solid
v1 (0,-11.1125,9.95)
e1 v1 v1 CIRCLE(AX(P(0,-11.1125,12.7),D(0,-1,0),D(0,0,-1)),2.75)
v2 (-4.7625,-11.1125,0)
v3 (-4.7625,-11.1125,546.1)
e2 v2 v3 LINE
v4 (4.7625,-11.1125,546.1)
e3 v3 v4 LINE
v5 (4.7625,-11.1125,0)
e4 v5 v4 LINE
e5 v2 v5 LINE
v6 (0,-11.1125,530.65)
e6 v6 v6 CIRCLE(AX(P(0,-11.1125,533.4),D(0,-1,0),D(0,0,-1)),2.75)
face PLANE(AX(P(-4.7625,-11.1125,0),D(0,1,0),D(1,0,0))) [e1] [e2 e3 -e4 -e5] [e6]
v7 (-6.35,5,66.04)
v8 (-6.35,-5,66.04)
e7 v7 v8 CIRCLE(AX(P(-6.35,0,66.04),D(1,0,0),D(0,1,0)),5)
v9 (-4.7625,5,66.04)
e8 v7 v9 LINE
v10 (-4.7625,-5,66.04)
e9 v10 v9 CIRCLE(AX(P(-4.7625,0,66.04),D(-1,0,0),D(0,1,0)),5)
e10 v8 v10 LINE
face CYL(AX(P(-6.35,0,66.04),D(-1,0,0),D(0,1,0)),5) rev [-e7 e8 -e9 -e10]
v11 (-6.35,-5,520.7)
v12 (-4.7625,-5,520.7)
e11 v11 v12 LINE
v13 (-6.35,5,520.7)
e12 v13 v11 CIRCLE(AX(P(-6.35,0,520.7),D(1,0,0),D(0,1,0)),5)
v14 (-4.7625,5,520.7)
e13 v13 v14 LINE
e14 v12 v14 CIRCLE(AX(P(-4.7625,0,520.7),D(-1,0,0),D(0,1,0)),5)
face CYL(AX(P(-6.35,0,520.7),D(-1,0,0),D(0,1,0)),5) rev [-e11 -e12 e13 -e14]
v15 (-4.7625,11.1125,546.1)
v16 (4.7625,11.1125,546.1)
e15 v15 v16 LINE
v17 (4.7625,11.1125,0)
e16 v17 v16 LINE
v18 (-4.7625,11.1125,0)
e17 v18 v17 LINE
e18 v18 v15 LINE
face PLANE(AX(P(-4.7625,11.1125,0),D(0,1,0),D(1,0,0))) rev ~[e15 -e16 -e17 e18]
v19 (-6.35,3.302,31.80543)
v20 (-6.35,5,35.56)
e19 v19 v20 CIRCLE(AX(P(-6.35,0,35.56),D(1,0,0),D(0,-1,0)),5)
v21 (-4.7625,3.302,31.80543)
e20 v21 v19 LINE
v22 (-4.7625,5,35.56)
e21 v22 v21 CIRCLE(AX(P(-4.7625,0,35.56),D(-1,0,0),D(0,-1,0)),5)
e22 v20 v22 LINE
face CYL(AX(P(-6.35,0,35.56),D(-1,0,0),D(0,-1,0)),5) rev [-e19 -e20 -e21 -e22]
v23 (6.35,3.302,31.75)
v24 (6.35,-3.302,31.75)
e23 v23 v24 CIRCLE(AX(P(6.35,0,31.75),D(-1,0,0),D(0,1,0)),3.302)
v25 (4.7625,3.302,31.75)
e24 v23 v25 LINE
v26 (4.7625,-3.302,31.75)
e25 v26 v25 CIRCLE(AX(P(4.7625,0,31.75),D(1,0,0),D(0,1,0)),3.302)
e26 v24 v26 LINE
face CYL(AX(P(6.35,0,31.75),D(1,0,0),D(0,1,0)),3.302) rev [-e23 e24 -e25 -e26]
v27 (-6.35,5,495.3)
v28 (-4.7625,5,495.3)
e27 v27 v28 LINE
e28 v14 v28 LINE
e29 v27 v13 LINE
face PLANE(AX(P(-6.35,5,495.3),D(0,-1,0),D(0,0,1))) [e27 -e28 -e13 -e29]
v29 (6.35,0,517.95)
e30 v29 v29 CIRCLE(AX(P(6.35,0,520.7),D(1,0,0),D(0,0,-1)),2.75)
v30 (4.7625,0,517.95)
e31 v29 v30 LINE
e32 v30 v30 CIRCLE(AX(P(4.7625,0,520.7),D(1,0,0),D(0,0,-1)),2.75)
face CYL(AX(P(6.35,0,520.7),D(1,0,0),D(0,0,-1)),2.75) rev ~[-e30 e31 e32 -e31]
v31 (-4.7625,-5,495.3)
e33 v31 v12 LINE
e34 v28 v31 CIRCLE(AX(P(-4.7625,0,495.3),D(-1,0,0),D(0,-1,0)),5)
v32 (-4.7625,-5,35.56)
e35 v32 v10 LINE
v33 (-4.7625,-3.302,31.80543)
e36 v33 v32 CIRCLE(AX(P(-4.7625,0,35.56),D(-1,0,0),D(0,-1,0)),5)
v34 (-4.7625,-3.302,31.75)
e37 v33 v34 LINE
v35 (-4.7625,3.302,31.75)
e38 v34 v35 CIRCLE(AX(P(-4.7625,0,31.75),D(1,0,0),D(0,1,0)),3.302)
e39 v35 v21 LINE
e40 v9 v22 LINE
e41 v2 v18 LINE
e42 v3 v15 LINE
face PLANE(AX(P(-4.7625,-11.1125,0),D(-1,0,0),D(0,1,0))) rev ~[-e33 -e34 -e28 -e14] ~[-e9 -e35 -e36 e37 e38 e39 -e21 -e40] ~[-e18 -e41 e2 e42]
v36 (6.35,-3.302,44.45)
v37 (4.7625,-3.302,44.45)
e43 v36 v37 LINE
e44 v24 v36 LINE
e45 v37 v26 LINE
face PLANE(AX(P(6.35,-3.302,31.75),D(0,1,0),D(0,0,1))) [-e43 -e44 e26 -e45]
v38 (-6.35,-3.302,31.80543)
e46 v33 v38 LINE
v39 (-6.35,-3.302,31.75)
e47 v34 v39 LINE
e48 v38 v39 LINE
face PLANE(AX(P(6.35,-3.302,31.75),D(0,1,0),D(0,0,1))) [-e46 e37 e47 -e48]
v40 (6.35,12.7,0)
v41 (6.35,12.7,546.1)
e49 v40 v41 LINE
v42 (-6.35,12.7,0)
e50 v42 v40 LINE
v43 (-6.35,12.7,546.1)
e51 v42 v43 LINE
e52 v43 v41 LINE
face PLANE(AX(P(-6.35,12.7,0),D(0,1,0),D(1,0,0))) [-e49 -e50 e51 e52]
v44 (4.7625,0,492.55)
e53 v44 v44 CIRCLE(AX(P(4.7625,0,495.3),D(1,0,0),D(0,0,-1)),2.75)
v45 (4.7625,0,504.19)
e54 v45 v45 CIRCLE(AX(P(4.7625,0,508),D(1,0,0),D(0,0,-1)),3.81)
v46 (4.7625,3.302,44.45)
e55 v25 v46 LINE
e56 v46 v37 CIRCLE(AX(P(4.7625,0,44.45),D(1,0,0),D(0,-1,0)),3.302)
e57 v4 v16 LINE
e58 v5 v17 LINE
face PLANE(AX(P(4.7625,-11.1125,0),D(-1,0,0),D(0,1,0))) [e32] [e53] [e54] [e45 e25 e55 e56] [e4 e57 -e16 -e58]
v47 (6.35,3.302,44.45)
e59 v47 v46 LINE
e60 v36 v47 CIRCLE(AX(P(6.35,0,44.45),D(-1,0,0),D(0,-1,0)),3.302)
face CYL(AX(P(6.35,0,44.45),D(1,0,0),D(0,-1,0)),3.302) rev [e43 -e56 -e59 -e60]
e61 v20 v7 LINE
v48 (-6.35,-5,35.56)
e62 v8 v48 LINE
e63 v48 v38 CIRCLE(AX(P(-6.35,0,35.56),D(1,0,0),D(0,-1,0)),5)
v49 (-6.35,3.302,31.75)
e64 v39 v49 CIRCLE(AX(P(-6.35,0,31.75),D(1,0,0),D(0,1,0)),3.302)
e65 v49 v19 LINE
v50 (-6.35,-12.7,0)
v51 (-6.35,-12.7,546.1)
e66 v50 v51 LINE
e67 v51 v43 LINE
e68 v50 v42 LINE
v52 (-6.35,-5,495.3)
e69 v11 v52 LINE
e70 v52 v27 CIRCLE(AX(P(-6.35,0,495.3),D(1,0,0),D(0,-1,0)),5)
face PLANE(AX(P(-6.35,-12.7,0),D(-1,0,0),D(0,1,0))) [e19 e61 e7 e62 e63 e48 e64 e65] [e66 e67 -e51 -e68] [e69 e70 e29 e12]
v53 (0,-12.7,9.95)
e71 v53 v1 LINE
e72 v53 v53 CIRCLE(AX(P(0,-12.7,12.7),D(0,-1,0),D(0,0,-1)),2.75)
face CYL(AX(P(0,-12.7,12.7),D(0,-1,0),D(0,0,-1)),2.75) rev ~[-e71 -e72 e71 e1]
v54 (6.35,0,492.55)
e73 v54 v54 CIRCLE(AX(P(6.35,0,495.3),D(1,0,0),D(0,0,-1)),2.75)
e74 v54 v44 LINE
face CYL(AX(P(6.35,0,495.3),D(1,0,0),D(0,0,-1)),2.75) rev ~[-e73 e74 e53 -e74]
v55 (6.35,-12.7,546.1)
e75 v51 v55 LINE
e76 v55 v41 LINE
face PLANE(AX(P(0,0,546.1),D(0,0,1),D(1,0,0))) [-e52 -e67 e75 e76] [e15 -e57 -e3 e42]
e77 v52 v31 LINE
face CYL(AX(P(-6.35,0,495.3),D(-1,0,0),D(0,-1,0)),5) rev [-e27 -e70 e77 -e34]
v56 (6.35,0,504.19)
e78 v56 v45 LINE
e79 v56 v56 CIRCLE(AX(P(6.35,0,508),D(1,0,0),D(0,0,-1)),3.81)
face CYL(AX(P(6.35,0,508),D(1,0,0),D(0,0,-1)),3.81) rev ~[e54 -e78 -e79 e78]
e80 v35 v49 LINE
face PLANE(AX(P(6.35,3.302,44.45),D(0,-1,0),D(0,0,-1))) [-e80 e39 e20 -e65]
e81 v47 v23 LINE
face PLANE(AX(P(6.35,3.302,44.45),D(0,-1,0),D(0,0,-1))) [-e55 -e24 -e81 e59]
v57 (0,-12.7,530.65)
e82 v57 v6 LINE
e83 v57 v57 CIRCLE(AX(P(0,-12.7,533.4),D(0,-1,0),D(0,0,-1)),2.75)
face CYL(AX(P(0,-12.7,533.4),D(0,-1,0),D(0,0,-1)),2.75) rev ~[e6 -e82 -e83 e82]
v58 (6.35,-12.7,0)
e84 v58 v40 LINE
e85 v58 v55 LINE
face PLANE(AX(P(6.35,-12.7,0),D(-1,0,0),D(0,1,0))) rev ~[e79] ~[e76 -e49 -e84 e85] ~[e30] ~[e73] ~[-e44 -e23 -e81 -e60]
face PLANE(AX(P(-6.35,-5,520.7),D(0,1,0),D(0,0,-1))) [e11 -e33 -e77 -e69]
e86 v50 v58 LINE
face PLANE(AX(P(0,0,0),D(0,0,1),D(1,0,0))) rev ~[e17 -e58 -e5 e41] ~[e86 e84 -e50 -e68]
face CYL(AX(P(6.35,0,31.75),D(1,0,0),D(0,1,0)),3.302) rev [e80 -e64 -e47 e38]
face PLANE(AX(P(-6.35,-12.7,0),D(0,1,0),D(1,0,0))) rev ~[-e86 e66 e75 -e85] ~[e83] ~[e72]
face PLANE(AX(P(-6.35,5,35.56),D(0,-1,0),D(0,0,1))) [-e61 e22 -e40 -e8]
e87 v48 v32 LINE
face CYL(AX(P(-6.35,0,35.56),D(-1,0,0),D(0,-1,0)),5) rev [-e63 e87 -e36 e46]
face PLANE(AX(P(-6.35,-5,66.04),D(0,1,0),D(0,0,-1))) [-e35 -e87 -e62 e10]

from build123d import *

# Parameters (mm, degrees)
SKETCH1_W           = 12.7
SKETCH1_H           = 25.4
SKETCH1_W_2         = 9.525
SKETCH1_H_2         = 22.225
BOSS_EXTRUDE1_DEPTH = 546.1
SKETCH2_R           = 3.81
SKETCH2_R_2         = 2.75
CUT_EXTRUDE1_DEPTH  = 547.395269013
CUT_EXTRUDE3_REACH  = 548.395
CUT_EXTRUDE5_REACH  = 548.727
SKETCH5_R           = 2.75


with BuildPart() as part:
    # Sketch1 → Boss-Extrude1 (new body)
    with BuildSketch(Plane.XY):
        Rectangle(SKETCH1_W, SKETCH1_H)
        Rectangle(SKETCH1_W_2, SKETCH1_H_2, mode=Mode.SUBTRACT)
    extrude(amount=BOSS_EXTRUDE1_DEPTH)

    # Sketch2 → Cut-Extrude1 (cut, through all)
    with BuildSketch(Plane(origin=(6.35, 0, 0), x_dir=(0, 0, -1), z_dir=(1, 0, 0))):
        with Locations((-508, 0)):
            Circle(SKETCH2_R)
        with Locations((-520.7, 0)):
            Circle(SKETCH2_R_2)
        with Locations((-495.3, 0)):
            Circle(SKETCH2_R_2)
        with BuildLine():
            Line((-31.75, -3.302), (-44.45, -3.302))
            ThreePointArc((-44.45, -3.302), (-47.752, 0), (-44.45, 3.302))
            Line((-44.45, 3.302), (-31.75, 3.302))
            ThreePointArc((-31.75, 3.302), (-28.448, 0), (-31.75, -3.302))
        make_face()
    extrude(amount=-CUT_EXTRUDE1_DEPTH, mode=Mode.SUBTRACT)

    # Sketch4 → Cut-Extrude3 (cut, up to next)
    with BuildSketch(Plane.ZY.offset(6.35), mode=Mode.PRIVATE) as cut_extrude3_sk1:
        with BuildLine():
            Line((35.56, 5), (66.04, 5))
            ThreePointArc((66.04, 5), (71.04, 0), (66.04, -5))
            Line((66.04, -5), (35.56, -5))
            ThreePointArc((35.56, -5), (30.56, 0), (35.56, 5))
        make_face()
    cut_extrude3_tool1 = extrude(cut_extrude3_sk1.sketch, amount=-CUT_EXTRUDE3_REACH, mode=Mode.PRIVATE) & part.part
    # Sketch4 → Cut-Extrude3 (cut, up to next)
    with BuildSketch(Plane.ZY.offset(6.35), mode=Mode.PRIVATE) as cut_extrude3_sk2:
        with BuildLine():
            Line((495.3, 5), (520.7, 5))
            ThreePointArc((520.7, 5), (525.7, 0), (520.7, -5))
            Line((520.7, -5), (495.3, -5))
            ThreePointArc((495.3, -5), (490.3, 0), (495.3, 5))
        make_face()
    cut_extrude3_tool2 = extrude(cut_extrude3_sk2.sketch, amount=-CUT_EXTRUDE3_REACH, mode=Mode.PRIVATE) & part.part
    add(cut_extrude3_tool1.solids().sort_by_distance((-6.35, 0, 50.8))[0], mode=Mode.SUBTRACT)
    add(cut_extrude3_tool2.solids().sort_by_distance((-6.35, 0, 508))[0], mode=Mode.SUBTRACT)

    # Sketch5 → Cut-Extrude5 (cut, up to next)
    with BuildSketch(Plane.XZ.offset(12.7), mode=Mode.PRIVATE) as cut_extrude5_sk1:
        with Locations(Location((0, 533.4, 0), (0, 0, 270))):
            Circle(SKETCH5_R)
    cut_extrude5_tool1 = extrude(cut_extrude5_sk1.sketch, amount=-CUT_EXTRUDE5_REACH, mode=Mode.PRIVATE) & part.part
    # Sketch5 → Cut-Extrude5 (cut, up to next)
    with BuildSketch(Plane.XZ.offset(12.7), mode=Mode.PRIVATE) as cut_extrude5_sk2:
        with Locations(Location((0, 12.7, 0), (0, 0, 270))):
            Circle(SKETCH5_R)
    cut_extrude5_tool2 = extrude(cut_extrude5_sk2.sketch, amount=-CUT_EXTRUDE5_REACH, mode=Mode.PRIVATE) & part.part
    add(cut_extrude5_tool1.solids().sort_by_distance((0, -12.7, 533.4))[0], mode=Mode.SUBTRACT)
    add(cut_extrude5_tool2.solids().sort_by_distance((0, -12.7, 12.7))[0], mode=Mode.SUBTRACT)


solid = part.part
